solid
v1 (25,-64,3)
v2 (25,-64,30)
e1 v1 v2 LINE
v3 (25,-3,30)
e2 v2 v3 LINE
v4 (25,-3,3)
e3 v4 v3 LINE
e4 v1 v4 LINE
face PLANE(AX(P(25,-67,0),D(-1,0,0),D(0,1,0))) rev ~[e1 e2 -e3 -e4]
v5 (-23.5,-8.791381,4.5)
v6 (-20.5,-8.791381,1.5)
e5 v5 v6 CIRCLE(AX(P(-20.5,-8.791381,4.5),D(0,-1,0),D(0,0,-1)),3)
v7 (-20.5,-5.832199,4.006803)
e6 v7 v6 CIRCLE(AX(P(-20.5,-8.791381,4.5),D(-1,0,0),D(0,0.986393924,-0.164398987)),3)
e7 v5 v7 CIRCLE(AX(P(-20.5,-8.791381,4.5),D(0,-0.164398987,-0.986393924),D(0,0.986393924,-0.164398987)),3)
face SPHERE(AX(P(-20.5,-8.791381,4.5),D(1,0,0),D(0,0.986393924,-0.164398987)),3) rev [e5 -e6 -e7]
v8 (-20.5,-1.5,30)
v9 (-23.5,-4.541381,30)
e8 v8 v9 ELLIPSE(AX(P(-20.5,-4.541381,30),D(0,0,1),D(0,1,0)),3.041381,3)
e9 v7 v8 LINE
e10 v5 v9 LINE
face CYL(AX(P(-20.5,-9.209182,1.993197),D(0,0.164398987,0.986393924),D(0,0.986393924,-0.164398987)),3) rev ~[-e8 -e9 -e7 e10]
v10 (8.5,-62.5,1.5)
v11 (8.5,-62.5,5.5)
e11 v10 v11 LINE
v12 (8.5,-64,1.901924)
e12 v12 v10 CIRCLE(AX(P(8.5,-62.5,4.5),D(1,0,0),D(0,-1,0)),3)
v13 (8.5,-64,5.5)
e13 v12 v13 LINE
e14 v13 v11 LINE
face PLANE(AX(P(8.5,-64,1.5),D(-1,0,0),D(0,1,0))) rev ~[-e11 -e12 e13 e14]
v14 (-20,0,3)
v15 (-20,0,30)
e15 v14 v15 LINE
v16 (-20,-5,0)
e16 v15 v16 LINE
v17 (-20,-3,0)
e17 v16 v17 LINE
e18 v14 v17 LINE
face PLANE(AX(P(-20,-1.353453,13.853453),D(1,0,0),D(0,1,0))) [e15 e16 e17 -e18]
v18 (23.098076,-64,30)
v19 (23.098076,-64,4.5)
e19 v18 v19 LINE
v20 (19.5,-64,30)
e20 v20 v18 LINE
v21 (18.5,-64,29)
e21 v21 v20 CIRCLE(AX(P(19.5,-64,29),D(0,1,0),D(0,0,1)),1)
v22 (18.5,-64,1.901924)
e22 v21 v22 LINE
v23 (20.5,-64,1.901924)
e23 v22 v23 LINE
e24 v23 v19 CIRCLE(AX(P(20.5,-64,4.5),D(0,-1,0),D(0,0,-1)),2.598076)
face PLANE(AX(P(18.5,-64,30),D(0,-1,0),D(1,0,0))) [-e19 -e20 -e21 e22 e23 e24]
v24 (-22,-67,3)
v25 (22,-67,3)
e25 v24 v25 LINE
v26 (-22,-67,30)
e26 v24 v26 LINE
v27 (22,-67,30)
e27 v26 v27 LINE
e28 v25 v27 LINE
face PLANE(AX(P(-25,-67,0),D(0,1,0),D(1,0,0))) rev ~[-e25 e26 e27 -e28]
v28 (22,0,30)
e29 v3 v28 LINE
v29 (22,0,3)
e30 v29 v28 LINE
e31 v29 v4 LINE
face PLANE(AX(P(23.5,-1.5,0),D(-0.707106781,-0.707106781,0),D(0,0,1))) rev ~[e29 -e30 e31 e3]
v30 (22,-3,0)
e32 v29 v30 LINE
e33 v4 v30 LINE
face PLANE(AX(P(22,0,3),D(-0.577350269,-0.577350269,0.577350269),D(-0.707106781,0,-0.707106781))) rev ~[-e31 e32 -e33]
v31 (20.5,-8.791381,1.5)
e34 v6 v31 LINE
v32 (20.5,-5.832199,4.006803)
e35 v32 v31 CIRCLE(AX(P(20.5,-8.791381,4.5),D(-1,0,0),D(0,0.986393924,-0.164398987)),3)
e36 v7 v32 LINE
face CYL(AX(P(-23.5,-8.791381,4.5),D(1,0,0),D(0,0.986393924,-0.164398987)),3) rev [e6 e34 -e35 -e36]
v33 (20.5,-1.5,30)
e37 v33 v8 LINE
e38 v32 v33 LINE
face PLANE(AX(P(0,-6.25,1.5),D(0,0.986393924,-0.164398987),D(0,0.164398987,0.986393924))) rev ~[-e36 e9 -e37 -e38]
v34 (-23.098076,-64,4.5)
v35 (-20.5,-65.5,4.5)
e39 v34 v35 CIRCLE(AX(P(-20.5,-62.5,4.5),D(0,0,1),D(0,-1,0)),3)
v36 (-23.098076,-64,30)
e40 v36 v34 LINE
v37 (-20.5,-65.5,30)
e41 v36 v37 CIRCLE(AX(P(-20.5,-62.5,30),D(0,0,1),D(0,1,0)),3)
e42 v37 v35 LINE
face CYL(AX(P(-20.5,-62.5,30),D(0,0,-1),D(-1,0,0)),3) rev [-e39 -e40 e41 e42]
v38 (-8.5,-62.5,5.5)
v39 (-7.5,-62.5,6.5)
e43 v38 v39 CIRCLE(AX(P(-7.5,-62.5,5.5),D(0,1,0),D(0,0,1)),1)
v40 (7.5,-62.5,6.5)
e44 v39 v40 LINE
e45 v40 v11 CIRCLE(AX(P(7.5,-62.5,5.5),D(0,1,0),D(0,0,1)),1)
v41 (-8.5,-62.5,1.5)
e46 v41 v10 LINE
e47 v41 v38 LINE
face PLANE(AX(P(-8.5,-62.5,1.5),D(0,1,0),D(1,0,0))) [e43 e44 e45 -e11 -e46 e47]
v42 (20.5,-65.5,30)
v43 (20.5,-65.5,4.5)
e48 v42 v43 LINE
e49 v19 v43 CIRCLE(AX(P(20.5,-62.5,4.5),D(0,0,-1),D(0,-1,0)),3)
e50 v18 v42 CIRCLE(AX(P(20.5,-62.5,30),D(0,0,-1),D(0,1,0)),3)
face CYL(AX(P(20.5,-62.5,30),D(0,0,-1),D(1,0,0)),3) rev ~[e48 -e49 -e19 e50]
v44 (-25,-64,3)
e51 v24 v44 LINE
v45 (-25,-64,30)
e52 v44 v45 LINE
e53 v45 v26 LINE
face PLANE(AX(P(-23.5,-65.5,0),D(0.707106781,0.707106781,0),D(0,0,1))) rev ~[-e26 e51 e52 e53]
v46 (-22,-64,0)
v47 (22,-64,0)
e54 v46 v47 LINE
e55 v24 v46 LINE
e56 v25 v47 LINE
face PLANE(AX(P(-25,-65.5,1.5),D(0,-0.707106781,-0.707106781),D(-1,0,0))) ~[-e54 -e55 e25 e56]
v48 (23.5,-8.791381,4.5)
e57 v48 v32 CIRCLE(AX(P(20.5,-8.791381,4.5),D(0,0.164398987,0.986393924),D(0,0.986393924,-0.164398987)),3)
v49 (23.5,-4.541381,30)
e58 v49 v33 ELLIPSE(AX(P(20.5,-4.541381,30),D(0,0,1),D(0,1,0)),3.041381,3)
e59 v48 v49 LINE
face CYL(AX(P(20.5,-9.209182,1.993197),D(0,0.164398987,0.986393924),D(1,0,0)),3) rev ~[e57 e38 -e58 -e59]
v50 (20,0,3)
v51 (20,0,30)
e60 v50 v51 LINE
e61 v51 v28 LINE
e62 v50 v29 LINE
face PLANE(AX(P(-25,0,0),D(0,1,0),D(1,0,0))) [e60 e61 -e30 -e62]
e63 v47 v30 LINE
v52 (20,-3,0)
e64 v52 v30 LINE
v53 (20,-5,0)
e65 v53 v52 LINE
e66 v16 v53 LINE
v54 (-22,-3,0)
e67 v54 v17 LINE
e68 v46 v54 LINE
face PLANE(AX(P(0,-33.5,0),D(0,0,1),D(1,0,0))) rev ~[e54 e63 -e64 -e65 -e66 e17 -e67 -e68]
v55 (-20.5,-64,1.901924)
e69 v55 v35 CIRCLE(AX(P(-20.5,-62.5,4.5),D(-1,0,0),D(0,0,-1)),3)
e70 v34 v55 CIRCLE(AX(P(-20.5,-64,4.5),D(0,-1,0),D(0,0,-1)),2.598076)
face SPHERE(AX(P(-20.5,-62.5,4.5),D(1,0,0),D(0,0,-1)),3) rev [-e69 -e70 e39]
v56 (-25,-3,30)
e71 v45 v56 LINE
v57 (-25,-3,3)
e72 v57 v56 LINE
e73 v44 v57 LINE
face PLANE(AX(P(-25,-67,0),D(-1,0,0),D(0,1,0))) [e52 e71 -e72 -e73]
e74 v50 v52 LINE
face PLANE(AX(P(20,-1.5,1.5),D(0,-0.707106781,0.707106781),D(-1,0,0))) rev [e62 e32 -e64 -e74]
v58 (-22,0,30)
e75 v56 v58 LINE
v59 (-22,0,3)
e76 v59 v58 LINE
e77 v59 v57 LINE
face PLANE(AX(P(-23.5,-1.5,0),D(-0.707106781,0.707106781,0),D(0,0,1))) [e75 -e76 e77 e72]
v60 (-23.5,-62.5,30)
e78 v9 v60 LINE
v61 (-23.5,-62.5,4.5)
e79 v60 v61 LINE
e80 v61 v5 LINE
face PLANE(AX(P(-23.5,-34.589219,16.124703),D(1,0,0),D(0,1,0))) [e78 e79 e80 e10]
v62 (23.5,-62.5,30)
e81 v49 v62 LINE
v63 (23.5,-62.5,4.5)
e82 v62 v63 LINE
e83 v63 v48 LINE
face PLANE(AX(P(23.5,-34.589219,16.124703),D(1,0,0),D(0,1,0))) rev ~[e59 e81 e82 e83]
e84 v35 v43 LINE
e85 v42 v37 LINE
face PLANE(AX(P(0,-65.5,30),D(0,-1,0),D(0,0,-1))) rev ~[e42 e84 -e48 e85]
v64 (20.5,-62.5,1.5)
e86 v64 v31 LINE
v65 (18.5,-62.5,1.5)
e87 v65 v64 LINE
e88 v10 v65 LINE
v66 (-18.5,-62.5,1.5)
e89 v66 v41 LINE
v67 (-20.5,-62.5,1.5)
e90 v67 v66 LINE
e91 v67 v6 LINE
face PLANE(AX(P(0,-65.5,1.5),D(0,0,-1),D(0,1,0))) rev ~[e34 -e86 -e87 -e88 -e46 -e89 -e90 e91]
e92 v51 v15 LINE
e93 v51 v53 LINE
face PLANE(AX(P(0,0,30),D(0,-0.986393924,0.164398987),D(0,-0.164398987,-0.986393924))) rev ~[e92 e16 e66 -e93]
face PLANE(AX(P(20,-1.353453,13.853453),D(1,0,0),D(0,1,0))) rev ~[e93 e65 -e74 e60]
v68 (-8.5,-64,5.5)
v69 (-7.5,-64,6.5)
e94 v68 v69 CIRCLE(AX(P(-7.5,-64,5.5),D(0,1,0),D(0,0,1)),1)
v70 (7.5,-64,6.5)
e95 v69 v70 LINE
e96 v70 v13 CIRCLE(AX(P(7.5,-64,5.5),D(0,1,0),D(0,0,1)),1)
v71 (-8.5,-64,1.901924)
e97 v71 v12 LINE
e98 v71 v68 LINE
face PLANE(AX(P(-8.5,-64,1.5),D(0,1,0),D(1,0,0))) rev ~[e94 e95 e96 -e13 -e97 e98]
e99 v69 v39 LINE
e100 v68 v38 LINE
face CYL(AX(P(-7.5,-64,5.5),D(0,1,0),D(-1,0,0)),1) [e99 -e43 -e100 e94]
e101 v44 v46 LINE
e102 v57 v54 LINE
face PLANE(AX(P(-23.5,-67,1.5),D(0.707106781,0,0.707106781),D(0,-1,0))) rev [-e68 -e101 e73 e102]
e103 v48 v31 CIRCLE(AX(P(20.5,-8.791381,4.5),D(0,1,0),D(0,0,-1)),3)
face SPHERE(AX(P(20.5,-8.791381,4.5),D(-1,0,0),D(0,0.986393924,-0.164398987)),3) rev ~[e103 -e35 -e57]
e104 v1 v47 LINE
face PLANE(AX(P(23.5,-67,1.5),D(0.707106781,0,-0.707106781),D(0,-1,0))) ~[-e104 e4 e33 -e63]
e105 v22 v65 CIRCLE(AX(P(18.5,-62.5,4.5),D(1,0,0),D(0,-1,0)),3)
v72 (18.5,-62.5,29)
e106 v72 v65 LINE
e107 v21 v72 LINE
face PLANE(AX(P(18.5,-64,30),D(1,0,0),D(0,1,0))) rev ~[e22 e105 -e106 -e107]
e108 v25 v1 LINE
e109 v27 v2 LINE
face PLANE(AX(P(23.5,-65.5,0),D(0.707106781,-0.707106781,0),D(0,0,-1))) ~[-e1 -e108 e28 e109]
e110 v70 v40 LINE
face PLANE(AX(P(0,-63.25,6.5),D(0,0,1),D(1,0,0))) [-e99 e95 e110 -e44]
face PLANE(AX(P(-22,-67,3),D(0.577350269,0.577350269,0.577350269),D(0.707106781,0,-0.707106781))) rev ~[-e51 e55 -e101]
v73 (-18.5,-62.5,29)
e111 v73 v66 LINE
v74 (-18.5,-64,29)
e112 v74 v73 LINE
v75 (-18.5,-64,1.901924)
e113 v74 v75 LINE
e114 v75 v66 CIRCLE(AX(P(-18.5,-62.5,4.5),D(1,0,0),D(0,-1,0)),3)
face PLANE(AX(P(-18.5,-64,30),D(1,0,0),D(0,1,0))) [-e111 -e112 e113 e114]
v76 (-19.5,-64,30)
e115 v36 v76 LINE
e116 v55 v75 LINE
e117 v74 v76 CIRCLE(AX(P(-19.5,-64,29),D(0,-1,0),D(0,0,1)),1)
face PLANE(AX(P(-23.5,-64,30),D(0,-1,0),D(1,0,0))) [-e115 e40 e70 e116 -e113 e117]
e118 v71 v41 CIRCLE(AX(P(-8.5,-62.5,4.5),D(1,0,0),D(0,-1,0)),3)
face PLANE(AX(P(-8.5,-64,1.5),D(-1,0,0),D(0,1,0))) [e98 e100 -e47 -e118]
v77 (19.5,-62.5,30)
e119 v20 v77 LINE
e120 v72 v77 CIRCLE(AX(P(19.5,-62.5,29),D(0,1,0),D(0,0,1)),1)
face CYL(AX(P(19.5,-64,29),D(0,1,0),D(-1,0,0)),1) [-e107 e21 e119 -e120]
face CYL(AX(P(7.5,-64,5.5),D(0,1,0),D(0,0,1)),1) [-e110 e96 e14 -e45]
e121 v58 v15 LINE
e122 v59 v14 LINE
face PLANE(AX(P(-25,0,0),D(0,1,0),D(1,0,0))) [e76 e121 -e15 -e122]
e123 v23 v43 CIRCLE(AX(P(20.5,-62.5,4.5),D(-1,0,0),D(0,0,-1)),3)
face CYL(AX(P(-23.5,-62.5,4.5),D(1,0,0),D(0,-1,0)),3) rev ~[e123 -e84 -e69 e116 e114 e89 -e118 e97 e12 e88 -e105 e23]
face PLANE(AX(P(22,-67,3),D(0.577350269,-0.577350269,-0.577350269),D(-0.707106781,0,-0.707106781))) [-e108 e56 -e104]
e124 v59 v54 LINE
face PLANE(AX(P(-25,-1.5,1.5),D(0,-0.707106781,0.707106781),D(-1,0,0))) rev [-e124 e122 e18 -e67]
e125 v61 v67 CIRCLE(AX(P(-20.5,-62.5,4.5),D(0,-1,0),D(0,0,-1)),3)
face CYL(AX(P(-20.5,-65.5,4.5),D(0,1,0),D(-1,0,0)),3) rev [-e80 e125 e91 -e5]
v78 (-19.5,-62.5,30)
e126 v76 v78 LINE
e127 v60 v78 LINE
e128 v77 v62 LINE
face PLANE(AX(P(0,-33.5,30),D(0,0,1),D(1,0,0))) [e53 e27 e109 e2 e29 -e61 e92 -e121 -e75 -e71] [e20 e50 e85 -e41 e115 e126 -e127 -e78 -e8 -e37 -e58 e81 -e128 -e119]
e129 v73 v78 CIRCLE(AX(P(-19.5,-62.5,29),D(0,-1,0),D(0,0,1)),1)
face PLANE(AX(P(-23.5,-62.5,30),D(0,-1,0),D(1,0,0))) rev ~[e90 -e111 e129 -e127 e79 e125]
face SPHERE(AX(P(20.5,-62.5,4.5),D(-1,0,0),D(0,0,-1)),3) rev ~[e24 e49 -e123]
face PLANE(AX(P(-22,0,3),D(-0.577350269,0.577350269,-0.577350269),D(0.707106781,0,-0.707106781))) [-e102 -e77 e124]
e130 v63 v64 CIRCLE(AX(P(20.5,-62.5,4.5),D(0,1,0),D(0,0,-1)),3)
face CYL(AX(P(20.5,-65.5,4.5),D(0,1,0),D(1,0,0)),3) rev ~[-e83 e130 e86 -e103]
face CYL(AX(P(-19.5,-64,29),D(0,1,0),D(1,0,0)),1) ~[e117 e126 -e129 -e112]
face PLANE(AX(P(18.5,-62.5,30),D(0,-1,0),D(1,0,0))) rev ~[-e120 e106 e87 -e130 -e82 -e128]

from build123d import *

# Parameters (mm, degrees)
SKETCH_W        = 50
SKETCH_H        = 67
PAD_DEPTH       = 30
POCKET_DEPTH    = 20
POCKET001_DEPTH = 23.5
FILLET_R        = 3
SKETCH003_W     = 5
SKETCH003_H     = 1.5
PAD001_DEPTH    = 28.5
CHAMFER_SIZE    = 3
SKETCH007_W     = 17
SKETCH007_H     = 1.5
PAD002_DEPTH    = 5
FILLET002_R     = 1


with BuildPart() as part:
    # Sketch → Pad (new body)
    with BuildSketch(Plane.XY):
        with Locations((0, -33.5)):
            Rectangle(SKETCH_W, SKETCH_H)
    extrude(amount=PAD_DEPTH)

    # Sketch001 → Pocket (cut, symmetric)
    with BuildSketch(Plane.YZ):
        Polygon((0, 30), (-5, 0), (0, 0), align=None)
    extrude(amount=POCKET_DEPTH, both=True, mode=Mode.SUBTRACT)

    # Sketch002 → Pocket001 (cut, symmetric)
    with BuildSketch(Plane.YZ):
        Polygon((-65.5, 30), (-65.5, 1.5), (-6.25, 1.5), (-1.5, 30), align=None)
    extrude(amount=POCKET001_DEPTH, both=True, mode=Mode.SUBTRACT)

    # Fillet
    fillet_edges = [part.edges().sort_by_distance(p)[0] for p in [
        (0, -65.5, 1.5),
        (23.5, -35.875, 1.5),
        (-23.5, -35.875, 1.5),
        (0, -6.25, 1.5),
        (23.5, -65.5, 15.75),
        (-23.5, -65.5, 15.75),
        (23.5, -3.875, 15.75),
        (-23.5, -3.875, 15.75),
    ]]
    fillet(fillet_edges, radius=FILLET_R)

    # Sketch003 (on Face1 of Fillet) → Pad001 (join)
    with BuildSketch(Plane.XY.offset(30)):
        with Locations((-21, -63.25)):
            Rectangle(SKETCH003_W, SKETCH003_H)
        with Locations((21, -63.25)):
            Rectangle(SKETCH003_W, SKETCH003_H)
    extrude(amount=-PAD001_DEPTH)

    # Chamfer
    chamfer_edges = [part.edges().sort_by_distance(p)[0] for p in [
        (-25, -33.5, 0),
        (25, -33.5, 0),
        (25, -67, 15),
        (-25, -67, 15),
        (0, -67, 0),
        (25, 0, 15),
        (-25, 0, 15),
        (-22.5, 0, 0),
        (22.5, 0, 0),
    ]]
    chamfer(chamfer_edges, length=CHAMFER_SIZE)

    # Sketch007 (on Face40 of Chamfer) → Pad002 (join)
    with BuildSketch(Plane.XY.offset(1.5)):
        with Locations((0, -63.25)):
            Rectangle(SKETCH007_W, SKETCH007_H)
    extrude(amount=PAD002_DEPTH)

    # Fillet002
    fillet002_edges = [part.edges().sort_by_distance(p)[0] for p in [
        (18.5, -63.25, 30),
        (8.5, -63.25, 6.5),
        (-8.5, -63.25, 6.5),
        (-18.5, -63.25, 30),
    ]]
    fillet(fillet002_edges, radius=FILLET002_R)


solid = part.part
